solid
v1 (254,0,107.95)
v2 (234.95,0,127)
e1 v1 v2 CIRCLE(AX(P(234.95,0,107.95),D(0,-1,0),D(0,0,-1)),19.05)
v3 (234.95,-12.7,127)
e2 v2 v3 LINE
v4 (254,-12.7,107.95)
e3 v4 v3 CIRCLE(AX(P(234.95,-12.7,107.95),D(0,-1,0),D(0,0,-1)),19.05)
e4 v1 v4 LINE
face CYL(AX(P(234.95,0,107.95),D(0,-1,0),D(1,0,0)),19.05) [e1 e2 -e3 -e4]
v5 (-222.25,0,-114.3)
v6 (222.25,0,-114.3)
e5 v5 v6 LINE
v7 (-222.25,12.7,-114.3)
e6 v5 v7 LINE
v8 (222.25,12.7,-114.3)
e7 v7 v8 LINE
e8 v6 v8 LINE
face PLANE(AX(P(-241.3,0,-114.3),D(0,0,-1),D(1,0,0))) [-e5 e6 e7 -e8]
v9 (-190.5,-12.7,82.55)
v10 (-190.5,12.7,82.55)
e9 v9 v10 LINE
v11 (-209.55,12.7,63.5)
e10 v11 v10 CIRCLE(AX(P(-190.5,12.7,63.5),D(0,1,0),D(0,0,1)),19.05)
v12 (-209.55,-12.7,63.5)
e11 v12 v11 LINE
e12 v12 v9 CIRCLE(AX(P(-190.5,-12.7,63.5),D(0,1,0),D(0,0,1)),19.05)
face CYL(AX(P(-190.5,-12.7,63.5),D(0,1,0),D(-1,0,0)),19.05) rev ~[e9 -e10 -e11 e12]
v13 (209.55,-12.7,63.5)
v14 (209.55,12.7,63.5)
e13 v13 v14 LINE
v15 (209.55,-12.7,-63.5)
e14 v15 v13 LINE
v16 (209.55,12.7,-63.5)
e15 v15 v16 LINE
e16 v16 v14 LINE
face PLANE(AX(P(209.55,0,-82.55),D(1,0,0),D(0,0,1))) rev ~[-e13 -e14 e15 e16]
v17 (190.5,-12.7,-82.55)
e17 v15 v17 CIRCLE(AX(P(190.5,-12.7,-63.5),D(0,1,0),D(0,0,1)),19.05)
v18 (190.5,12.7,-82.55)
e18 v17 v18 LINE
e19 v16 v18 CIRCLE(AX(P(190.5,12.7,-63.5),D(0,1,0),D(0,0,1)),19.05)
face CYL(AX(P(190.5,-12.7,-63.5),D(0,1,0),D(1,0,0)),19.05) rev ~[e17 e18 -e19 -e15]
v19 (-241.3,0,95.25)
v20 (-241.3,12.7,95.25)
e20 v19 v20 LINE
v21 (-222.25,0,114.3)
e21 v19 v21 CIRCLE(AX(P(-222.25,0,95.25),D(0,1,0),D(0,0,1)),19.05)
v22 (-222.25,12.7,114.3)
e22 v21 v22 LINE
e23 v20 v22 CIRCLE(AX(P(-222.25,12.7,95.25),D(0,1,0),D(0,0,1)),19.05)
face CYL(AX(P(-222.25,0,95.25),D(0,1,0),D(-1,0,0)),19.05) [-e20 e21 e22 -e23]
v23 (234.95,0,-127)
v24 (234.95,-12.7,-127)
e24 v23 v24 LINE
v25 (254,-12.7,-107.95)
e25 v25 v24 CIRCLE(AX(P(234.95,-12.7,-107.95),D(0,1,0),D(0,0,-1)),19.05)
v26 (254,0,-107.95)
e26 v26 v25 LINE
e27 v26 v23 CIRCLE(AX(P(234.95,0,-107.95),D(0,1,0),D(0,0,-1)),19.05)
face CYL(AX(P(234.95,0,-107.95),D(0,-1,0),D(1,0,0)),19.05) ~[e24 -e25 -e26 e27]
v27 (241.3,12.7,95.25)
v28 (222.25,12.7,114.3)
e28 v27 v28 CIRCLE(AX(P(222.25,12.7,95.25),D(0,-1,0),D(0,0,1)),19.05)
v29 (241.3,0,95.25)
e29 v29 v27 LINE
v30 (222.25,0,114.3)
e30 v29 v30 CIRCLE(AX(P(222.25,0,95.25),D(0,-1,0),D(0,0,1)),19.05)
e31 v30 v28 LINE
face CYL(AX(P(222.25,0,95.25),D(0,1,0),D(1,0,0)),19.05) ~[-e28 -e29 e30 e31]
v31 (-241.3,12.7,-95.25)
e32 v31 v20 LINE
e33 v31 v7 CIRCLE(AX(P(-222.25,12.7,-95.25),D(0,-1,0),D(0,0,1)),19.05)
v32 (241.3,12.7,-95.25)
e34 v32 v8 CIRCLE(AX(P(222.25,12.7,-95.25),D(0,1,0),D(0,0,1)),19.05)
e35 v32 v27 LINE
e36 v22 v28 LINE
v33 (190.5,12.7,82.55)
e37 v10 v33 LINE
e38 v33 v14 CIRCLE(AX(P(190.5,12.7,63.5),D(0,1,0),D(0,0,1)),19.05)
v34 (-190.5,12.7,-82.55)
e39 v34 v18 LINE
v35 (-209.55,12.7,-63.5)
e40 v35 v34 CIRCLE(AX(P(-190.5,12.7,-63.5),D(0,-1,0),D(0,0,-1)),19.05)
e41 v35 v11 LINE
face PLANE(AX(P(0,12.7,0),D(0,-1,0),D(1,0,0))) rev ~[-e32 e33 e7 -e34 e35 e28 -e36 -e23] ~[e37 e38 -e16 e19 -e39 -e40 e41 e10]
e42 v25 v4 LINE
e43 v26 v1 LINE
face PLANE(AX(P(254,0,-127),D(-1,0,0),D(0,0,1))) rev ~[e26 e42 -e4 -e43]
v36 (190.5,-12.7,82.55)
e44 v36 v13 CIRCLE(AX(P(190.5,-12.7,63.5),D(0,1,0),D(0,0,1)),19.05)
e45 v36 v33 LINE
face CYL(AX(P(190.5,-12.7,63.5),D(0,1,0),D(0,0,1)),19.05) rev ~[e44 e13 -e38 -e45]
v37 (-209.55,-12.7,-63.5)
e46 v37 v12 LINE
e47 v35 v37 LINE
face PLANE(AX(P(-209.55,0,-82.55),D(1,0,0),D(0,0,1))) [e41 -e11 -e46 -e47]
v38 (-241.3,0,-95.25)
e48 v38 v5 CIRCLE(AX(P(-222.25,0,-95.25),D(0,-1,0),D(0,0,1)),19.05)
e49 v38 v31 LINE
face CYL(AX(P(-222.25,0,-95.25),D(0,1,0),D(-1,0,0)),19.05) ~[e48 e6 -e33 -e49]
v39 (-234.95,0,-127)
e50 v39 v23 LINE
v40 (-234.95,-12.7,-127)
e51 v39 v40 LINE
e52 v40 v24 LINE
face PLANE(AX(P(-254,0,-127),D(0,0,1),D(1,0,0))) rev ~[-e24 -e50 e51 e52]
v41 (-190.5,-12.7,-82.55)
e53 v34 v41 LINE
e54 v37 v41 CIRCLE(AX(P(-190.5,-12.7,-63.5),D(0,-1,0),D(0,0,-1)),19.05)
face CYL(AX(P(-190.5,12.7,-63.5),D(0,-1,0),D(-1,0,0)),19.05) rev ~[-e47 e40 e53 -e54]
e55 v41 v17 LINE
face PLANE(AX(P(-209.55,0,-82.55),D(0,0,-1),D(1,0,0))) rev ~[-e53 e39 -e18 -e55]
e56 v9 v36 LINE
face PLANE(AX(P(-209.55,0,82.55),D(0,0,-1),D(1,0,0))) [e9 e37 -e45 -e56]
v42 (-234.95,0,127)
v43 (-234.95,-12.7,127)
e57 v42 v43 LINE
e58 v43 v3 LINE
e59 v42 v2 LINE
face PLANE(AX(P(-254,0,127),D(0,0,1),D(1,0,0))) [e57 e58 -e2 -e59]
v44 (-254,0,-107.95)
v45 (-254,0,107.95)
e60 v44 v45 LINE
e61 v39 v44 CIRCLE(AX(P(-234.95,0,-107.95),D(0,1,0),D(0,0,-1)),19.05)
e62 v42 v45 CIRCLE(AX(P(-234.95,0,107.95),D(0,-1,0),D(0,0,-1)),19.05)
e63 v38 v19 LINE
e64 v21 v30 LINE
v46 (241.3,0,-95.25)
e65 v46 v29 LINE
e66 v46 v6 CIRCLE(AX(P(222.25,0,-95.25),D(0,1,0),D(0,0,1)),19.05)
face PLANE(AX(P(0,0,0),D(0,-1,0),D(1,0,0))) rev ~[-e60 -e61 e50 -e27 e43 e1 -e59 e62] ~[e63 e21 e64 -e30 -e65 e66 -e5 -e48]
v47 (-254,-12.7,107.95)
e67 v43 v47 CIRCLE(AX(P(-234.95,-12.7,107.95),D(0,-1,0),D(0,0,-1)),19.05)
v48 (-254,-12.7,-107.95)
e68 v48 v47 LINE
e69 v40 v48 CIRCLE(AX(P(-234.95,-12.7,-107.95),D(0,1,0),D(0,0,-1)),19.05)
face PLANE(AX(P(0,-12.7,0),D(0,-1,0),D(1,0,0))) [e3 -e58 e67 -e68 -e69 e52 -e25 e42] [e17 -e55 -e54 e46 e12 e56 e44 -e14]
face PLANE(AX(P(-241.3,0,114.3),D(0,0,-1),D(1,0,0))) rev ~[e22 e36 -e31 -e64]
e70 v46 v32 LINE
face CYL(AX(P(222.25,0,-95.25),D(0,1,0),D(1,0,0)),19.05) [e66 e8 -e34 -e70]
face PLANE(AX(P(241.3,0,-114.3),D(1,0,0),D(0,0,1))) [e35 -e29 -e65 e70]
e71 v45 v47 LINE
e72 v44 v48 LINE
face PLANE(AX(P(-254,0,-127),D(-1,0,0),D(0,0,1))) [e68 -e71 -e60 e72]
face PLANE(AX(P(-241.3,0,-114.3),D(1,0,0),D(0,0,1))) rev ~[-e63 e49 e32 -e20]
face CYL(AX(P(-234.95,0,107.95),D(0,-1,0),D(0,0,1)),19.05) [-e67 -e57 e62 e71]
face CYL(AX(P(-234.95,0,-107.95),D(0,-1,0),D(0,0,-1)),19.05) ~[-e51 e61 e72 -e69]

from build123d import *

# Parameters (mm, degrees)
F0_W     = 508
F0_H     = 254
F0_W_2   = 419.1
F0_H_2   = 165.1
F1_DEPTH = 12.7
F2_W     = 482.6
F2_H     = 228.6
F2_W_2   = 419.1
F2_H_2   = 165.1
F3_DEPTH = 12.7
F4_R     = 19.05


with BuildPart() as f1:
    # F0 (on Front) → F1 (new body)
    with BuildSketch(Plane.XZ):
        Rectangle(F0_W, F0_H)
        Rectangle(F0_W_2, F0_H_2, mode=Mode.SUBTRACT)
    extrude(amount=F1_DEPTH)

    # F2 (on Front) → F3 (join)
    with BuildSketch(Plane.XZ):
        Rectangle(F2_W, F2_H)
        Rectangle(F2_W_2, F2_H_2, mode=Mode.SUBTRACT)
    extrude(amount=-F3_DEPTH)

    # F4
    f4_edges = [f1.edges().sort_by_distance(p)[0] for p in [
        (254, -6.35, 127),
        (241.3, 6.35, 114.3),
        (209.55, 0, 82.55),
        (254, -6.35, -127),
        (241.3, 6.35, -114.3),
        (209.55, 0, -82.55),
        (-209.55, 0, -82.55),
        (-241.3, 6.35, -114.3),
        (-254, -6.35, -127),
        (-254, -6.35, 127),
        (-241.3, 6.35, 114.3),
        (-209.55, 0, 82.55),
    ]]
    fillet(f4_edges, radius=F4_R)


solid = f1.part
